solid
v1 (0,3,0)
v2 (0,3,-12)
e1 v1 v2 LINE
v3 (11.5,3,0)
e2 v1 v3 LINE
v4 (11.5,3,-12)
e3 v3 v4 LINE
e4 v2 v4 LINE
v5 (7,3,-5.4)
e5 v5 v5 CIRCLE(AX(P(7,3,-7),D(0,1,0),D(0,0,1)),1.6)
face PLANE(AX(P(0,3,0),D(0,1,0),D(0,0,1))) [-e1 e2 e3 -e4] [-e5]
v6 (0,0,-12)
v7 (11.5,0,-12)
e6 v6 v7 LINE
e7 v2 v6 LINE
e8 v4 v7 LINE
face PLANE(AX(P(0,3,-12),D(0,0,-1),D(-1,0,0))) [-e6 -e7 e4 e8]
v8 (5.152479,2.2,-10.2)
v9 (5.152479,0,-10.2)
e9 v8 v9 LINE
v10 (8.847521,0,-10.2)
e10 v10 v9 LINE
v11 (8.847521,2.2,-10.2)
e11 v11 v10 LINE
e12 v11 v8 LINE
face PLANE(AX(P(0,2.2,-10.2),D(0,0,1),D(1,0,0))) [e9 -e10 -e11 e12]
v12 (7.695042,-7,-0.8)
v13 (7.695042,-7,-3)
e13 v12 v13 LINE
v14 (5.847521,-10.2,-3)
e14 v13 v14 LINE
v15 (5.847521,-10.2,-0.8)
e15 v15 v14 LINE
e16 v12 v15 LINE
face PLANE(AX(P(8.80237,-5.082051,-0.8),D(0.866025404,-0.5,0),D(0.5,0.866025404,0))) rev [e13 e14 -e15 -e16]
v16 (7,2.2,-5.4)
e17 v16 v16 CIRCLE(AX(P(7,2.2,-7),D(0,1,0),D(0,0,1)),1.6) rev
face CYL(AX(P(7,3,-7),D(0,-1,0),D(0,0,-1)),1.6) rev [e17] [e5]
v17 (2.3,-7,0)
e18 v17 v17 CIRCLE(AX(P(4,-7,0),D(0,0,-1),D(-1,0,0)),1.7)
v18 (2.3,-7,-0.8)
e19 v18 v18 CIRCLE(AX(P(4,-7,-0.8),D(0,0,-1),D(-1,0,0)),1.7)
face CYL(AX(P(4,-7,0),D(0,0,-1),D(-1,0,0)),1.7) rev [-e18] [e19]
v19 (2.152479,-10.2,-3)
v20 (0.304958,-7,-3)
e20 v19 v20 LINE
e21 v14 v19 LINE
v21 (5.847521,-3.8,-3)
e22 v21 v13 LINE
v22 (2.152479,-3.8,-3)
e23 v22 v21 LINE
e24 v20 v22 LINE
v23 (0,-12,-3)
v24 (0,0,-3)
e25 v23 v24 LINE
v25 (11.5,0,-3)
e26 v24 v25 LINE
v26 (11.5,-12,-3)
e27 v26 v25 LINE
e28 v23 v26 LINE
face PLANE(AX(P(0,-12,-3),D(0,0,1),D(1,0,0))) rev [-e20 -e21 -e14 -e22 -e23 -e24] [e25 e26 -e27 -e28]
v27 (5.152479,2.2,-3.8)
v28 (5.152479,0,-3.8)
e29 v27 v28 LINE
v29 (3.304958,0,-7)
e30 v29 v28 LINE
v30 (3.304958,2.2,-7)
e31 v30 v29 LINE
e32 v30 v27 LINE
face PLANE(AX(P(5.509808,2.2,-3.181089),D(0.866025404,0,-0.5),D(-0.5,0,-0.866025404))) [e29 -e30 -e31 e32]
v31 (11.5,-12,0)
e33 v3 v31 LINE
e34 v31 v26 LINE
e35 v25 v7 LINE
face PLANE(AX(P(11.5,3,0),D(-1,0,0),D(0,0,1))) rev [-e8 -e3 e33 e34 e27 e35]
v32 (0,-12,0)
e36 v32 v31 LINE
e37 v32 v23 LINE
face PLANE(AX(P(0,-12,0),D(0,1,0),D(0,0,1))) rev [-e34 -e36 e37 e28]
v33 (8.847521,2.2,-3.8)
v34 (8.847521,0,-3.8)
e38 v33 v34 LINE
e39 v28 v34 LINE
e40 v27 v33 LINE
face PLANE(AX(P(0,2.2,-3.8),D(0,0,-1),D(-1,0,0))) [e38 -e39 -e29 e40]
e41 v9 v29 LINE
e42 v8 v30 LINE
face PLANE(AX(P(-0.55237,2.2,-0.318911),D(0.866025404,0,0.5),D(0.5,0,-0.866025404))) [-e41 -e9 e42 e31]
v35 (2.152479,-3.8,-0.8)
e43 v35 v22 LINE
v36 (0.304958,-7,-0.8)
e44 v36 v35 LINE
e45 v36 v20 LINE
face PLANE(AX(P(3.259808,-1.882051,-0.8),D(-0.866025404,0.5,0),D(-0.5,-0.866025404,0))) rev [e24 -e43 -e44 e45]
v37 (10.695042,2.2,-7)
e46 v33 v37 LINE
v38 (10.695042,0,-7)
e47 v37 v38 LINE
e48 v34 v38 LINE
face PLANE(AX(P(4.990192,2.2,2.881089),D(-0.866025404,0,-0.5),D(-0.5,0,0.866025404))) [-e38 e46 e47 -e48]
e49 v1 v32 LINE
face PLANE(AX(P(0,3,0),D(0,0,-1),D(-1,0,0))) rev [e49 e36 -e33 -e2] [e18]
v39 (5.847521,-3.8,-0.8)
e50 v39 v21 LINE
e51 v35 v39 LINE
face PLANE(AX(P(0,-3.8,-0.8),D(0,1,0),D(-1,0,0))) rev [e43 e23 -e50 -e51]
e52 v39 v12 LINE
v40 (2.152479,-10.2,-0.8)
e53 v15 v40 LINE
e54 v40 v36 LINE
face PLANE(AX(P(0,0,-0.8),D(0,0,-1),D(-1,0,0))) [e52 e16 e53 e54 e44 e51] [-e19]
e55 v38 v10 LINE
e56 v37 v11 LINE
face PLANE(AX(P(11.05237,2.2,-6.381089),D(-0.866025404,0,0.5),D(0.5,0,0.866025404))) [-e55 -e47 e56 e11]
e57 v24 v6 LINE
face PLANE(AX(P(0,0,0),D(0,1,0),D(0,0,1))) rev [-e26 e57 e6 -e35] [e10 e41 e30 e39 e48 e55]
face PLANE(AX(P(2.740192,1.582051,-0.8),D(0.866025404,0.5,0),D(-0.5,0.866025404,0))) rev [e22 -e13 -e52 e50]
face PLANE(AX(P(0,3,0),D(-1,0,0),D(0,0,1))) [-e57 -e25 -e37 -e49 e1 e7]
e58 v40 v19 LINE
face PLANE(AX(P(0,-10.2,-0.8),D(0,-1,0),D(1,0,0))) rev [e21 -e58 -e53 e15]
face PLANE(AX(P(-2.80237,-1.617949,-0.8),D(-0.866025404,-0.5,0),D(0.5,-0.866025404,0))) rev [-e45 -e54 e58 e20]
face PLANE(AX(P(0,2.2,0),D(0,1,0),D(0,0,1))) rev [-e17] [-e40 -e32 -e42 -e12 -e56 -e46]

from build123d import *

# Parameters (mm, degrees)
SKETCH1_W           = 11.5
SKETCH1_H           = 12
BOSS_EXTRUDE1_DEPTH = 3
SKETCH1_4_W         = 11.5
SKETCH1_4_H         = 3
BOSS_EXTRUDE2_DEPTH = 12
SKETCH1_5_R         = 1.6
CUT_EXTRUDE1_DEPTH  = 2.2
SKETCH1_6_R         = 1.6
CUT_EXTRUDE2_DEPTH  = 21.5
SKETCH3_R           = 1.7
CUT_EXTRUDE3_DEPTH  = 2.2
SKETCH3_3_R         = 1.7
CUT_EXTRUDE4_DEPTH  = 19.901058171


with BuildPart() as part:
    # Sketch1 → Boss-Extrude1 (new body)
    with BuildSketch(Plane(origin=(0, 0, 0), x_dir=(1, 0, 0), z_dir=(0, 1, 0))):
        with Locations((5.75, 6)):
            Rectangle(SKETCH1_W, SKETCH1_H)
    extrude(amount=BOSS_EXTRUDE1_DEPTH)

    # Sketch1<4> → Boss-Extrude2 (add)
    with BuildSketch(Plane(origin=(0, 0, 0), x_dir=(1, 0, 0), z_dir=(0, 1, 0))):
        with Locations((5.75, 1.5)):
            Rectangle(SKETCH1_4_W, SKETCH1_4_H)
    extrude(amount=-BOSS_EXTRUDE2_DEPTH)

    # Sketch1<5> → Cut-Extrude1 (cut)
    with BuildSketch(Plane(origin=(0, 0, 0), x_dir=(1, 0, 0), z_dir=(0, 1, 0))):
        Polygon((5.152479139, 3.8), (8.847520861, 3.8), (10.695041723, 7), (8.847520861, 10.2), (5.152479139, 10.2), (3.304958277, 7), align=None)
        with Locations((7, 7)):
            Circle(SKETCH1_5_R, mode=Mode.SUBTRACT)
    extrude(amount=CUT_EXTRUDE1_DEPTH, mode=Mode.SUBTRACT)

    # Sketch1<6> → Cut-Extrude2 (cut, through all)
    with BuildSketch(Plane(origin=(0, 0, 0), x_dir=(1, 0, 0), z_dir=(0, 1, 0))):
        with Locations((7, 7)):
            Circle(SKETCH1_6_R)
    extrude(amount=CUT_EXTRUDE2_DEPTH, mode=Mode.SUBTRACT)

    # Sketch3 → Cut-Extrude3 (cut)
    with BuildSketch(Plane(origin=(0, 0, -3), x_dir=(-1, 0, 0), z_dir=(0, 0, -1))):
        Polygon((-5.847520861, -3.8), (-7.695041723, -7), (-5.847520861, -10.2), (-2.152479139, -10.2), (-0.304958277, -7), (-2.152479139, -3.8), align=None)
        with Locations((-4, -7)):
            Circle(SKETCH3_R, mode=Mode.SUBTRACT)
    extrude(amount=-CUT_EXTRUDE3_DEPTH, mode=Mode.SUBTRACT)

    # Sketch3<3> → Cut-Extrude4 (cut, through all)
    with BuildSketch(Plane(origin=(0, 0, -3), x_dir=(-1, 0, 0), z_dir=(0, 0, -1))):
        with Locations((-4, -7)):
            Circle(SKETCH3_3_R)
    extrude(amount=-CUT_EXTRUDE4_DEPTH, mode=Mode.SUBTRACT)


solid = part.part
